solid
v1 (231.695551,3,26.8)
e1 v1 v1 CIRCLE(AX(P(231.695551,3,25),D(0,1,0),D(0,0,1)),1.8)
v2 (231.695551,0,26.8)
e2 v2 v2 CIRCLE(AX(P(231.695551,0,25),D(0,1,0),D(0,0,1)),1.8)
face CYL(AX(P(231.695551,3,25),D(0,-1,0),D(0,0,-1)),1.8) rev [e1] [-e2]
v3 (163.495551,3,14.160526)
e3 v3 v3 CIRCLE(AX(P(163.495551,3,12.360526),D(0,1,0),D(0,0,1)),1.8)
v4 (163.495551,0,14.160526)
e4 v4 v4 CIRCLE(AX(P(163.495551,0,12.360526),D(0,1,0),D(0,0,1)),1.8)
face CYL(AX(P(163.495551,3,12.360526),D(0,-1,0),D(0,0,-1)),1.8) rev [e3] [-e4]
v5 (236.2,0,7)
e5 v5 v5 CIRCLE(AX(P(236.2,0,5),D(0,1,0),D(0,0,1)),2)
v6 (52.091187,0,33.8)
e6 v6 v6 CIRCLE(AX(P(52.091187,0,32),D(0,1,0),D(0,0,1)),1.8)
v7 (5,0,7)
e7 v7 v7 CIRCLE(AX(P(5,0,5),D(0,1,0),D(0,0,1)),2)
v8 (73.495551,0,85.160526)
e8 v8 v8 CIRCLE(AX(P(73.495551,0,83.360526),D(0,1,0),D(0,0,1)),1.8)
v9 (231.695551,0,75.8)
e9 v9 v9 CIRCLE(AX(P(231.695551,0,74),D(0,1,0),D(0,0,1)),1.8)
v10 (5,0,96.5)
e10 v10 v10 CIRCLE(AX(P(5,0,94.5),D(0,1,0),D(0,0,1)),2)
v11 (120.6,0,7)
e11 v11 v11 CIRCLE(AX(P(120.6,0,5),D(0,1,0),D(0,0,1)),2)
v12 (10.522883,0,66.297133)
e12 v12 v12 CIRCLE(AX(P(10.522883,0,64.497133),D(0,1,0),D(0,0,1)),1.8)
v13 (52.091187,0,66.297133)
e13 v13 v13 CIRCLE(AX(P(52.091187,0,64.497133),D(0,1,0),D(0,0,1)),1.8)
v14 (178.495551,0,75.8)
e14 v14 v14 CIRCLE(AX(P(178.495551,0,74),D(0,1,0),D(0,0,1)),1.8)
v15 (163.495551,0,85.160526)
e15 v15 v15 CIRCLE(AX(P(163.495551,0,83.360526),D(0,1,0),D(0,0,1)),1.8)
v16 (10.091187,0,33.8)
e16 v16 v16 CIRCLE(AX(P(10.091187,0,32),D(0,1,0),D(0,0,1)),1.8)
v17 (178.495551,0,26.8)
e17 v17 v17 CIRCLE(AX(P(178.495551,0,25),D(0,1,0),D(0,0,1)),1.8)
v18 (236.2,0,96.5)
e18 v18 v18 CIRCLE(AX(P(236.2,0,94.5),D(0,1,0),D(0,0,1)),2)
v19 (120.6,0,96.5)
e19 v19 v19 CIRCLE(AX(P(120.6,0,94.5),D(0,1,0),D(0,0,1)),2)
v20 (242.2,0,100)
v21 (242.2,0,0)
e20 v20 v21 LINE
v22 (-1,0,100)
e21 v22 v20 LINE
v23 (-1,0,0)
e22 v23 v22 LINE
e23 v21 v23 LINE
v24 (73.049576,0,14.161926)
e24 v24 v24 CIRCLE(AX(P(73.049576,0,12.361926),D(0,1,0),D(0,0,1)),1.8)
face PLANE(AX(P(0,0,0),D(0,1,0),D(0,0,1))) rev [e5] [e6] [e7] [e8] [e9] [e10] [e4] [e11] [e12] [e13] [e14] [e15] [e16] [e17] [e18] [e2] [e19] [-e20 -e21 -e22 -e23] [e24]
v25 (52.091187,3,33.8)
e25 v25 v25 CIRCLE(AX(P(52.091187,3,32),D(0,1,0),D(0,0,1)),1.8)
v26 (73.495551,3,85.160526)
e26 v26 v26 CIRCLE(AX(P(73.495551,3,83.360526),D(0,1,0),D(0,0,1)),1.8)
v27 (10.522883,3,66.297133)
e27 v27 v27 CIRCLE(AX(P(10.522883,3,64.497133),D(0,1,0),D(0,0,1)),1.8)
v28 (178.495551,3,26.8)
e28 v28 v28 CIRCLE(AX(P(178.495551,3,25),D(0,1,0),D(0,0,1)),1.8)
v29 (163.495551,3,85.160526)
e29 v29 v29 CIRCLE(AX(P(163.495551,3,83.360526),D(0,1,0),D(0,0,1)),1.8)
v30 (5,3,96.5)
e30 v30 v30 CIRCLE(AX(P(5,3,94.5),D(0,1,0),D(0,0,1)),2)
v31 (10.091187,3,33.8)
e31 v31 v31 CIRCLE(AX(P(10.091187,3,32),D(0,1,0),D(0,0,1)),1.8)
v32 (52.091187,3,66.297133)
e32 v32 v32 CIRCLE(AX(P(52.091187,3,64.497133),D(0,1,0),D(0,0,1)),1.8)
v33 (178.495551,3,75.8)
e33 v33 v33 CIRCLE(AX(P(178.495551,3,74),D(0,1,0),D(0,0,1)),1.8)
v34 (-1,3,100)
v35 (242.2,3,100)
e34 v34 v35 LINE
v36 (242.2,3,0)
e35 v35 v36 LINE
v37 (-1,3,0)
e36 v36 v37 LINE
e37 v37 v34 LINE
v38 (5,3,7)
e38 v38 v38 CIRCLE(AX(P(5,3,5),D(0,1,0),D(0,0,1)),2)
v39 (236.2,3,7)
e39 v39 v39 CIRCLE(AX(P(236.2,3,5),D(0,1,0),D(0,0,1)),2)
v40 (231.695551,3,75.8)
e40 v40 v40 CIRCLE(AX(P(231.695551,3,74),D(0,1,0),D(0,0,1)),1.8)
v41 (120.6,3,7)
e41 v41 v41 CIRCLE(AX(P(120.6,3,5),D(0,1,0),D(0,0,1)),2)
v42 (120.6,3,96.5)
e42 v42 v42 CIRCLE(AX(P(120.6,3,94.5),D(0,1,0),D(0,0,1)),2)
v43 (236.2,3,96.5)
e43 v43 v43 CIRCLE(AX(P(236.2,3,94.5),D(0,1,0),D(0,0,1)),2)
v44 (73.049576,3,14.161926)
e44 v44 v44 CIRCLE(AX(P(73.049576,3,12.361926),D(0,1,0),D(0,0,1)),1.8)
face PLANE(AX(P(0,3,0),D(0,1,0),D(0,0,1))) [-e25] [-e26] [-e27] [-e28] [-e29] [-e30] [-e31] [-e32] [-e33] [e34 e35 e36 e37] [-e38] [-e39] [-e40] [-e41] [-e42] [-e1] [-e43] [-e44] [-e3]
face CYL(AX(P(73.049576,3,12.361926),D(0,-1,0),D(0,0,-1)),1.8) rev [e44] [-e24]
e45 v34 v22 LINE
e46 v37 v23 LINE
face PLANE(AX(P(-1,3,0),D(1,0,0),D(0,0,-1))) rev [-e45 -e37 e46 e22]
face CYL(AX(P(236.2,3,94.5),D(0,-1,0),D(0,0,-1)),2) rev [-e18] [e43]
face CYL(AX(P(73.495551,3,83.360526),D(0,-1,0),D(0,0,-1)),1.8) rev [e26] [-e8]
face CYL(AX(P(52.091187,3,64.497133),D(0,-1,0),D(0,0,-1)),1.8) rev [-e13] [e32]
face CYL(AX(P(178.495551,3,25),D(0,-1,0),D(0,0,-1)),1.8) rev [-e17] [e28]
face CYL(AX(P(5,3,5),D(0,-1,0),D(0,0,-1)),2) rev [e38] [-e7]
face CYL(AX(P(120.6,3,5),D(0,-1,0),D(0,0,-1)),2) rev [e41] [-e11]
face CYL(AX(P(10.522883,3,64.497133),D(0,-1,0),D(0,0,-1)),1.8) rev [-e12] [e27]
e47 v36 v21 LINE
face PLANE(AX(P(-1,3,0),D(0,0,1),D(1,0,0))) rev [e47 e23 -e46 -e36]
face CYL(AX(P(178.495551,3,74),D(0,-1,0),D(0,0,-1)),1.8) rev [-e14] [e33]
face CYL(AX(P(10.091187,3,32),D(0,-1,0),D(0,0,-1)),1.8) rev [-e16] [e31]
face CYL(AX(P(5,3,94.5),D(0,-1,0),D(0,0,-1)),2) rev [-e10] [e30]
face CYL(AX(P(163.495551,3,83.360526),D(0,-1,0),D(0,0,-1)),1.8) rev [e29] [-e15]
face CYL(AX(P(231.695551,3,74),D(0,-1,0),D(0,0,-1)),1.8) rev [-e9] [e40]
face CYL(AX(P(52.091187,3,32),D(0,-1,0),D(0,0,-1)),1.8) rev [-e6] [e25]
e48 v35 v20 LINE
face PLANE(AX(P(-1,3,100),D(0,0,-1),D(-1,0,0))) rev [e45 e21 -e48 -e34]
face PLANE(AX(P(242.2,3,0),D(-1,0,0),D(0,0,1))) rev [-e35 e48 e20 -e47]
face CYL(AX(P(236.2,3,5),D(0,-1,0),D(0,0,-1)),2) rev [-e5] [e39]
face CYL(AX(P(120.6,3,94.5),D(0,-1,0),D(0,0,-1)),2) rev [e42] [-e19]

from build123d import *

# Parameters (mm, degrees)
SKETCH_181_W    = 243.2
SKETCH_181_H    = 100
SKETCH_181_R    = 1.8
SKETCH_181_R_2  = 2
EXTRUDE_3_DEPTH = 3


with BuildPart() as part:
    # Sketch 181 → 凸台-拉伸3 (new body)
    with BuildSketch(Plane(origin=(0, 0, 0), x_dir=(1, 0, 0), z_dir=(0, 1, 0))):
        with Locations((120.6, -50)):
            Rectangle(SKETCH_181_W, SKETCH_181_H)
        with Locations(Location((73.049576153, -12.361926171, 0), (0, 0, 270))):  # turned: the seam where the file's is
            Circle(SKETCH_181_R, mode=Mode.SUBTRACT)
        with Locations(Location((73.495550598, -83.360525501, 0), (0, 0, 270))):  # turned: the seam where the file's is
            Circle(SKETCH_181_R, mode=Mode.SUBTRACT)
        with Locations(Location((163.495550598, -12.360525501, 0), (0, 0, 270))):  # turned: the seam where the file's is
            Circle(SKETCH_181_R, mode=Mode.SUBTRACT)
        with Locations(Location((163.495550598, -83.360525501, 0), (0, 0, 270))):  # turned: the seam where the file's is
            Circle(SKETCH_181_R, mode=Mode.SUBTRACT)
        with Locations(Location((10.091186927, -32, 0), (0, 0, 270))):  # turned: the seam where the file's is
            Circle(SKETCH_181_R, mode=Mode.SUBTRACT)
        with Locations(Location((10.522883477, -64.497132767, 0), (0, 0, 270))):  # turned: the seam where the file's is
            Circle(SKETCH_181_R, mode=Mode.SUBTRACT)
        with Locations(Location((52.091186927, -32, 0), (0, 0, 270))):  # turned: the seam where the file's is
            Circle(SKETCH_181_R, mode=Mode.SUBTRACT)
        with Locations(Location((52.091186927, -64.497132767, 0), (0, 0, 270))):  # turned: the seam where the file's is
            Circle(SKETCH_181_R, mode=Mode.SUBTRACT)
        with Locations(Location((120.6, -5, 0), (0, 0, 270))):  # turned: the seam where the file's is
            Circle(SKETCH_181_R_2, mode=Mode.SUBTRACT)
        with Locations(Location((120.6, -94.5, 0), (0, 0, 270))):  # turned: the seam where the file's is
            Circle(SKETCH_181_R_2, mode=Mode.SUBTRACT)
        with Locations(Location((5, -5, 0), (0, 0, 270))):  # turned: the seam where the file's is
            Circle(SKETCH_181_R_2, mode=Mode.SUBTRACT)
        with Locations(Location((5, -94.5, 0), (0, 0, 270))):  # turned: the seam where the file's is
            Circle(SKETCH_181_R_2, mode=Mode.SUBTRACT)
        with Locations(Location((236.2, -5, 0), (0, 0, 270))):  # turned: the seam where the file's is
            Circle(SKETCH_181_R_2, mode=Mode.SUBTRACT)
        with Locations(Location((236.2, -94.5, 0), (0, 0, 270))):  # turned: the seam where the file's is
            Circle(SKETCH_181_R_2, mode=Mode.SUBTRACT)
        with Locations(Location((231.695550598, -25, 0), (0, 0, 270))):  # turned: the seam where the file's is
            Circle(SKETCH_181_R, mode=Mode.SUBTRACT)
        with Locations(Location((231.695550598, -74, 0), (0, 0, 270))):  # turned: the seam where the file's is
            Circle(SKETCH_181_R, mode=Mode.SUBTRACT)
        with Locations(Location((178.495550598, -74, 0), (0, 0, 270))):  # turned: the seam where the file's is
            Circle(SKETCH_181_R, mode=Mode.SUBTRACT)
        with Locations(Location((178.495550598, -25, 0), (0, 0, 270))):  # turned: the seam where the file's is
            Circle(SKETCH_181_R, mode=Mode.SUBTRACT)
    extrude(amount=EXTRUDE_3_DEPTH)


solid = part.part
